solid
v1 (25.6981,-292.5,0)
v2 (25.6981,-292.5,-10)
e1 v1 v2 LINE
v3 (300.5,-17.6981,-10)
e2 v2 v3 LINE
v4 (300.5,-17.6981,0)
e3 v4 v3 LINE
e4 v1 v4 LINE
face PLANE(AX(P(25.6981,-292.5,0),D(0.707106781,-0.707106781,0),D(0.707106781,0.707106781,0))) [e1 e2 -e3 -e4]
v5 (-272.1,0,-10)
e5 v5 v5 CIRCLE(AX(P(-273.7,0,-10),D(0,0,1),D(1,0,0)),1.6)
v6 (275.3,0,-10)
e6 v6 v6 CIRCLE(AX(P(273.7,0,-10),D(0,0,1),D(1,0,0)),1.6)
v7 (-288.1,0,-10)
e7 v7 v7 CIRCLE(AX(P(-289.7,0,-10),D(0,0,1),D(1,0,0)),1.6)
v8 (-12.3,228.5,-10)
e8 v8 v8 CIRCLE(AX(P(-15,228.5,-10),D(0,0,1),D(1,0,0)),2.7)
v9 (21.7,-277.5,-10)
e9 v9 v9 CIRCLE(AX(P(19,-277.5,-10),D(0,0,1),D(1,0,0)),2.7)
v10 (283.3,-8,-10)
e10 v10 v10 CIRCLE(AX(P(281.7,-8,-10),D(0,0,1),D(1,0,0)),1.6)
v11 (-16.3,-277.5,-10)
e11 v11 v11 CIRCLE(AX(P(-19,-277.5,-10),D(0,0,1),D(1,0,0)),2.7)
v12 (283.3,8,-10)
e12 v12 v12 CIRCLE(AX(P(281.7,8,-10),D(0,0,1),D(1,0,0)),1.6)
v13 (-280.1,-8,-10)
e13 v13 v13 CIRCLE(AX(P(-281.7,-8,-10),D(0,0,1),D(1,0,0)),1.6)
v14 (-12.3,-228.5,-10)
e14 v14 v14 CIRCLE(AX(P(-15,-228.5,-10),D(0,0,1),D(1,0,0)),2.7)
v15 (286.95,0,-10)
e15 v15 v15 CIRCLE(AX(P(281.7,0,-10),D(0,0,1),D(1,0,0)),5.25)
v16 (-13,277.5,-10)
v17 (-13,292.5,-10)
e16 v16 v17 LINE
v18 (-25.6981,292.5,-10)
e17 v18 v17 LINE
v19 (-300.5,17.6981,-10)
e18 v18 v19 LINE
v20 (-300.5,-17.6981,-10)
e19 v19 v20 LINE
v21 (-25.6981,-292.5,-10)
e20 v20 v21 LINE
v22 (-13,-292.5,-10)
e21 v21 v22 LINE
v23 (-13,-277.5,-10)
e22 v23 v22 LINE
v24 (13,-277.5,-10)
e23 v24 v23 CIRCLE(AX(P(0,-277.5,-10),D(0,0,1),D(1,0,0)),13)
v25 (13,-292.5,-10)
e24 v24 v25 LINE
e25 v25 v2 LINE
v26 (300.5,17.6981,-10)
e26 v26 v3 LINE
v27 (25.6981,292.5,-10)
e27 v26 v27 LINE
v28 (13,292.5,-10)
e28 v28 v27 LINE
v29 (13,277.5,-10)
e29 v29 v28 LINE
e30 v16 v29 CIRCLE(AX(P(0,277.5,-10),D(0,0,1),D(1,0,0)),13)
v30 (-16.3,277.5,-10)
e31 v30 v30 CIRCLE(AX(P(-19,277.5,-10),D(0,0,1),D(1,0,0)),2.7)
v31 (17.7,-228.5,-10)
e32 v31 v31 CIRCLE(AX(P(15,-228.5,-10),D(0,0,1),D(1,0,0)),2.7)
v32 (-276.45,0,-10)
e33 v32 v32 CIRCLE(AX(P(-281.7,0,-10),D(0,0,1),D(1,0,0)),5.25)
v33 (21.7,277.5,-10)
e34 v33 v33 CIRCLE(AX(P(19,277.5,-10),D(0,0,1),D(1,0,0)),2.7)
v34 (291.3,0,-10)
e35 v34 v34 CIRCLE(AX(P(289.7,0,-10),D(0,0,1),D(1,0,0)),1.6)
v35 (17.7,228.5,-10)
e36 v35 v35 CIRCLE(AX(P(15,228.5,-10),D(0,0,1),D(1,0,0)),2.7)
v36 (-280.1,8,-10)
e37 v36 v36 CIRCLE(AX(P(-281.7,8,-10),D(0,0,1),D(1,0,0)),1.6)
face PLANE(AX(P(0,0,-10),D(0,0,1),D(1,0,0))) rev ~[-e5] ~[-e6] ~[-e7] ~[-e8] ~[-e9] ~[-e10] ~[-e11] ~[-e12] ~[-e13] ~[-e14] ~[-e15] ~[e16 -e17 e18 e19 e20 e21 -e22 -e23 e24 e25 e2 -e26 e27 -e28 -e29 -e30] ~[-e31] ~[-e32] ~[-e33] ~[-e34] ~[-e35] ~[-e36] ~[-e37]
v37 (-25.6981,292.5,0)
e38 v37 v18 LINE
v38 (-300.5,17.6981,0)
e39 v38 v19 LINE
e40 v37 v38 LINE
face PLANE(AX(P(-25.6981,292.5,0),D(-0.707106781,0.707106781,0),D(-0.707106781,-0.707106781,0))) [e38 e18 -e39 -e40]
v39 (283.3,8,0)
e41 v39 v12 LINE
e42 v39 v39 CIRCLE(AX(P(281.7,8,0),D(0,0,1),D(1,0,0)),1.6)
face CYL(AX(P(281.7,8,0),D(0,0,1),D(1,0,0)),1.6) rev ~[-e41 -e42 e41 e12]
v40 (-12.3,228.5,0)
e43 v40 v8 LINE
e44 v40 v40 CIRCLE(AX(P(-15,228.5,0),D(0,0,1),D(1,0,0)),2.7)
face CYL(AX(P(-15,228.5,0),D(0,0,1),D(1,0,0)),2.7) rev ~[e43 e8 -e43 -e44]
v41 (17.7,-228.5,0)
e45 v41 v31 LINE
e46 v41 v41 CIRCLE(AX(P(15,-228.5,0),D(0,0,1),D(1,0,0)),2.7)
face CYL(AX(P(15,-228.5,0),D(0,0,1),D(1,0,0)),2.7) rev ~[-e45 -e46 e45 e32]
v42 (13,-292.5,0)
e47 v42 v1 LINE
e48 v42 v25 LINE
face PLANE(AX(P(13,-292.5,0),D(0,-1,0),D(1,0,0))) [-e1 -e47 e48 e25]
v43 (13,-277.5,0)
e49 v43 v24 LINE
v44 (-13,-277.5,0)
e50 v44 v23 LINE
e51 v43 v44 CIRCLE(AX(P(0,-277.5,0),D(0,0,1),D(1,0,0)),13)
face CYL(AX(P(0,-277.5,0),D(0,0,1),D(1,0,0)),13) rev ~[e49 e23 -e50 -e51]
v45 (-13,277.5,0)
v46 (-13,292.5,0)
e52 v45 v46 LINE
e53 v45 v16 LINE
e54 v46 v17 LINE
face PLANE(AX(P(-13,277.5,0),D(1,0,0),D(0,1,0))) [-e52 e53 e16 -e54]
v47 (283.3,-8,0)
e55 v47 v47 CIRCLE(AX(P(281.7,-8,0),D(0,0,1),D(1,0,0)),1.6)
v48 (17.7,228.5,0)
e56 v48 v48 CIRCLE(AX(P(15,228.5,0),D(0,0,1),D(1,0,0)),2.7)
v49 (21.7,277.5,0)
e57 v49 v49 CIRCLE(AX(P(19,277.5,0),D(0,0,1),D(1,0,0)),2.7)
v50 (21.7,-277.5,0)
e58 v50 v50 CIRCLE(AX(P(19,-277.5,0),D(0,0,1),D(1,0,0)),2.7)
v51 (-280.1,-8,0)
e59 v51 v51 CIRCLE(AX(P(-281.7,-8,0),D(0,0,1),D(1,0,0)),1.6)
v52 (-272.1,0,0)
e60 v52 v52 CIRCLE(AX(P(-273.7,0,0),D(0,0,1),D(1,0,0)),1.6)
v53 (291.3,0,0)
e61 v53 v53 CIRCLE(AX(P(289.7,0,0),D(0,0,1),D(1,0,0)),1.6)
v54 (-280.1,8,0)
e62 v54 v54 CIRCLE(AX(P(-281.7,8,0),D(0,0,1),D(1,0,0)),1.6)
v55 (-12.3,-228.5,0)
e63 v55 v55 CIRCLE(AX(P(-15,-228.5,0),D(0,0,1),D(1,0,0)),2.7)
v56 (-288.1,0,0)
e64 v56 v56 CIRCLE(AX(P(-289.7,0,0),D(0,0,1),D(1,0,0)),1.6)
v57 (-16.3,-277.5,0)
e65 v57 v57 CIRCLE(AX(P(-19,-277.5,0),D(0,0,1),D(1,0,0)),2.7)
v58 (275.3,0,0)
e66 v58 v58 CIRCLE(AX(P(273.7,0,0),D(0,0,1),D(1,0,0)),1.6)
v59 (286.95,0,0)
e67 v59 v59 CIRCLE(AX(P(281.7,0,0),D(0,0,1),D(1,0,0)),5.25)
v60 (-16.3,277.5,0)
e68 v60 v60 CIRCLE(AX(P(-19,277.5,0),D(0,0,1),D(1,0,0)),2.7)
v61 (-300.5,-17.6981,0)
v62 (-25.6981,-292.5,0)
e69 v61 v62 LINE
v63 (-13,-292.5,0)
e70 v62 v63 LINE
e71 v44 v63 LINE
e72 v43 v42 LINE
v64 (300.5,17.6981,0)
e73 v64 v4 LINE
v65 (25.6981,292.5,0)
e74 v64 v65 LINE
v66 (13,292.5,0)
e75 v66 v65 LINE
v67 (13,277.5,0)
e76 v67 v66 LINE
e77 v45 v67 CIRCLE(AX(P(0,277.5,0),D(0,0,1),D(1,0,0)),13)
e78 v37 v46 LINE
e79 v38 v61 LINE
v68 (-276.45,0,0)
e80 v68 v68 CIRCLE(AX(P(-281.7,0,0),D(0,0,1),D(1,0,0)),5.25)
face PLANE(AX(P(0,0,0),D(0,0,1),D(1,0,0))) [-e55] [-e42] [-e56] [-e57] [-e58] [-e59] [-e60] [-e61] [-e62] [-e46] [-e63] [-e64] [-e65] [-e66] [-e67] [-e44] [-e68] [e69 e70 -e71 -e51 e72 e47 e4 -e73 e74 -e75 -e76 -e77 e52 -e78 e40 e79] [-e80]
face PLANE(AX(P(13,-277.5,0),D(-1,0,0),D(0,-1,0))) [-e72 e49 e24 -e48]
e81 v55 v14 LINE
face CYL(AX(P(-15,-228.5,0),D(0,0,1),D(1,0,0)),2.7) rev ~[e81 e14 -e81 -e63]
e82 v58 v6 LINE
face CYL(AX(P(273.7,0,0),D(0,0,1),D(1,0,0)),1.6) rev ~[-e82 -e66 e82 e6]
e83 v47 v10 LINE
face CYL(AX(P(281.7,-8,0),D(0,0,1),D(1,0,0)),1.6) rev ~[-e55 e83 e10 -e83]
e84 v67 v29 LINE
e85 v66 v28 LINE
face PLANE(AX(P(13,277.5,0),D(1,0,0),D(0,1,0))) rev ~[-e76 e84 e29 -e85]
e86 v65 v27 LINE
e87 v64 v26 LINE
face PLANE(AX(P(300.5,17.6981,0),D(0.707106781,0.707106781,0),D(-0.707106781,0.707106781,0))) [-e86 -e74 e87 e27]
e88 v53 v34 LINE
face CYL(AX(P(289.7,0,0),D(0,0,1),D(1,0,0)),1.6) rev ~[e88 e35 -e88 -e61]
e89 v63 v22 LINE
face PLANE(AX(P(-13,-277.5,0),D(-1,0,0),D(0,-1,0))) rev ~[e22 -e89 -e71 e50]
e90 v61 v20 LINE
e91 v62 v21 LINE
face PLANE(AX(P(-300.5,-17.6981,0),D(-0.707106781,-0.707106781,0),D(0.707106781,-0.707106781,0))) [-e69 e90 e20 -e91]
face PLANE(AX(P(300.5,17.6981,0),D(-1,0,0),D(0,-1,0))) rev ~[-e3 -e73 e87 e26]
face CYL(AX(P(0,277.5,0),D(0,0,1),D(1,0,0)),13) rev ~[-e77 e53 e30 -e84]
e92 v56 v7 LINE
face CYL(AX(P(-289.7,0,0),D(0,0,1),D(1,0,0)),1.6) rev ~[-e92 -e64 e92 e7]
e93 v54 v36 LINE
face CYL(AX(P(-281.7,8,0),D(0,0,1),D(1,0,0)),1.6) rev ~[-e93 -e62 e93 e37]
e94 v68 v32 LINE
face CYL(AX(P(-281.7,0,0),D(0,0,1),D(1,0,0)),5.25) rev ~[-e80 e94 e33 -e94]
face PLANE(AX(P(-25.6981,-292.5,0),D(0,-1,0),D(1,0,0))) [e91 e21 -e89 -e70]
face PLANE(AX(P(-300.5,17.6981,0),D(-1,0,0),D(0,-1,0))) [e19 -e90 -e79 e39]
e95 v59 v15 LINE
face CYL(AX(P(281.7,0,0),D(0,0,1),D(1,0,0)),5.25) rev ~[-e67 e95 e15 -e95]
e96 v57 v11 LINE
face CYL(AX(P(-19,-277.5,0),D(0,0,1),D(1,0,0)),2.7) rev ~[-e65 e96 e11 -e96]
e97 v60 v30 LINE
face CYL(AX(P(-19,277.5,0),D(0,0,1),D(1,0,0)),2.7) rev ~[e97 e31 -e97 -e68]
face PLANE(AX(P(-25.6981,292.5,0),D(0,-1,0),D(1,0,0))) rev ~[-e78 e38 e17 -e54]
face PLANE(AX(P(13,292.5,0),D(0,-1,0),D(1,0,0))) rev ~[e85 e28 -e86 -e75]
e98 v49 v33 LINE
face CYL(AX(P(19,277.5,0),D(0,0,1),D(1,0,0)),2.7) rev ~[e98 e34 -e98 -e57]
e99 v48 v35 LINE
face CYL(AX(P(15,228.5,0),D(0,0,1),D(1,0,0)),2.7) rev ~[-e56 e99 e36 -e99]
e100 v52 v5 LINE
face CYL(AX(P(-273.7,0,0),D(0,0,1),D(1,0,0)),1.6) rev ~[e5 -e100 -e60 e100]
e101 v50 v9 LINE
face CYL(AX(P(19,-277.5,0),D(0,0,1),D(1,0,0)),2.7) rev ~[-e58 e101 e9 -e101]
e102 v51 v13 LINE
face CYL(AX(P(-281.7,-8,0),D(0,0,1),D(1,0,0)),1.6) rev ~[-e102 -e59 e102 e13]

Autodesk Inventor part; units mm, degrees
ref_plane "YZ Plane" through (0, 0, 0) normal (1, 0, 0) x (0, 1, 0)
ref_plane "XZ Plane" through (0, 0, 0) normal (0, 1, 0) x (-1, 0, 0)
ref_plane "XY Plane" through (0, 0, 0) normal (0, 0, 1) x (1, 0, 0)
sketch "Sketch2" plane through (0, 0, 0) normal (0, 0, 1) x (1, 0, 0)
  circle A0 centre (0, 277.5) radius 8 construction
  circle A1 centre (0, 277.5) radius 13
  circle A2 centre (0, 277.5) radius 10.5 construction
  line L0 (25, 287.5) -> (-25, 287.5) construction
  line L1 (-25, 287.5) -> (-25, 222.5) construction
  line L2 (-25, 222.5) -> (25, 222.5) construction
  line L3 (25, 222.5) -> (25, 287.5) construction
  circle A3 centre (15, 228.5) radius 2.7
  circle A4 centre (-15, 228.5) radius 2.7
  circle A5 centre (-19, 277.5) radius 2.7
  circle A6 centre (19, 277.5) radius 2.7
  circle A7 centre (0, -277.5) radius 8 construction
  circle A8 centre (0, -277.5) radius 13
  circle A9 centre (0, -277.5) radius 10.5 construction
  line L4 (25, -287.5) -> (-25, -287.5) construction
  line L5 (-25, -287.5) -> (-25, -222.5) construction
  line L6 (-25, -222.5) -> (25, -222.5) construction
  line L7 (25, -222.5) -> (25, -287.5) construction
  circle A10 centre (-15, -228.5) radius 2.7
  circle A11 centre (15, -228.5) radius 2.7
  circle A12 centre (-19, -277.5) radius 2.7
  circle A13 centre (19, -277.5) radius 2.7
  line L8 (10.5, -277.5) -> (10.5, -287.5) construction
  line L9 (-10.5, -277.5) -> (-10.5, -287.5) construction
  line L10 (10.5, 277.5) -> (10.5, 287.5) construction
  line L11 (-10.5, 277.5) -> (-10.5, 287.5) construction
  circle A14 centre (281.7, 0) radius 5.25
  circle A15 centre (289.7, 0) radius 1.6
  circle A16 centre (281.7, 8) radius 1.6
  circle A17 centre (273.7, 0) radius 1.6
  circle A18 centre (281.7, -8) radius 1.6
  circle A19 centre (-281.7, 0) radius 5.25
  circle A20 centre (-289.7, 0) radius 1.6
  circle A21 centre (-281.7, -8) radius 1.6
  circle A22 centre (-273.7, 0) radius 1.6
  circle A23 centre (-281.7, 8) radius 1.6
  line L12 (0, -318.1981) -> (318.1981, 0)
  line L13 (318.1981, 0) -> (0, 318.1981)
  line L14 (0, 318.1981) -> (-318.1981, 0)
  line L15 (-318.1981, 0) -> (0, -318.1981)
  line L16 (0, -318.1981) -> (0, 318.1981) construction
  line L17 (318.1981, 0) -> (-318.1981, 0) construction
  line L18 (0, -318.1981) -> (450, -318.1981) construction
  line L19 (300.5, 17.6981) -> (300.5, -17.6981)
  line L20 (-300.5, 17.6981) -> (-300.5, -17.6981)
  line L21 (-20.6981, 297.5) -> (20.6981, 297.5) construction
  line L22 (-25.6981, 292.5) -> (25.6981, 292.5)
  line L23 (-20.6981, -297.5) -> (20.6981, -297.5) construction
  line L24 (-25.6981, -292.5) -> (25.6981, -292.5)
  line L25 (-9.5, 297.5) -> (-3.976, 284.442) construction
  line L26 (9.5, 297.5) -> (3.976, 284.442) construction
  line L27 (-14.929, 297.5) -> (-9.9883, 285.8207)
  line L28 (14.929, 297.5) -> (9.9883, 285.8207)
  line L29 (-9.5, -297.5) -> (-3.976, -284.442) construction
  line L30 (9.5, -297.5) -> (3.976, -284.442) construction
  line L31 (14.929, -297.5) -> (9.9883, -285.8207)
  line L32 (-14.929, -297.5) -> (-9.9883, -285.8207)
  line L33 (-13, 277.5) -> (-13, 292.5)
  line L34 (13, 277.5) -> (13, 292.5)
  line L35 (-13, -277.5) -> (-13, -292.5)
  line L36 (13, -277.5) -> (13, -292.5)
  line L37 (13, -277.5) -> (28, -277.5) construction
  point P0 (0, 0)
  point P1 (-12.8138, -292.5)
  point P2 (12.8138, -292.5)
  point P3 (12.8138, 292.5)
  point P4 (-12.8138, 292.5)
  point P5 (300.5, 292.5)
  point P6 (300.5, -292.5)
  point P7 (-300.5, -292.5)
  point P8 (-300.5, 292.5)
  dimension "d256" = 16
  dimension "d257" = 0
  dimension "d258" = 277.5
  dimension "d259" = 26
  dimension "d260" = 21
  dimension "d261" = 50
  dimension "d262" = 10
  dimension "d263" = 65
  dimension "d265" = 50
  dimension "d266" = 25
  dimension "d267" = 5.4
  dimension "d268" = 5.4
  dimension "d269" = 5.4
  dimension "d270" = 5.4
  dimension "d271" = 6
  dimension "d272" = 10
  dimension "d273" = 6
  dimension "d274" = 10
  dimension "d275" = 6
  dimension "d276" = 10
  dimension "d277" = 6
  dimension "d278" = 10
  dimension "d279" = 0
  dimension "d280" = 277.5
  dimension "d281" = 26
  dimension "d282" = 16
  dimension "d283" = 21
  dimension "d284" = 50
  dimension "d285" = 10
  dimension "d286" = 65
  dimension "d287" = 25
  dimension "d288" = 5.4
  dimension "d289" = 5.4
  dimension "d290" = 5.4
  dimension "d291" = 5.4
  dimension "d292" = 6
  dimension "d293" = 10
  dimension "d294" = 6
  dimension "d295" = 10
  dimension "d296" = 10
  dimension "d297" = 6
  dimension "d298" = 10
  dimension "d299" = 6
  dimension "d300" = 10.5
  dimension "d301" = 0
  dimension "d302" = 281.7
  dimension "d303" = 3.2
  dimension "d304" = 0
  dimension "d305" = 8
  dimension "d308" = 360
  dimension "d310" = 10.5
  dimension "d311" = 0
  dimension "d312" = 281.7
  dimension "d313" = 3.2
  dimension "d314" = 0
  dimension "d315" = 8
  dimension "d318" = 360
  dimension "d320" = 450
  dimension "d321" = 45
  dimension "d322" = 450
  dimension "d323" = 18.8
  dimension "d324" = 18.8
  dimension "d325" = 20
  dimension "d326" = 15
extrude "Extrusion11" add sketch "Sketch2" against normal blind 10 contours L34 L22 L13 L19 L12 L24 L36 A8 L35 L15 L20 L14 L33 A1
equation "\"dist_rails\" = 555"
equation "\"dist_leadscrews\" = 563.4"
equation "\"diam_leadscrew_hole\" = 10.5"
equation "\"delta\" = 5"
equation "\"rail_angle\" = 67.07deg"
equation "\"rail_D\" = 9.5"
equation "\"rail_diam\" = 16"
properties part number "z_plate" material "Aluminum 6061"
